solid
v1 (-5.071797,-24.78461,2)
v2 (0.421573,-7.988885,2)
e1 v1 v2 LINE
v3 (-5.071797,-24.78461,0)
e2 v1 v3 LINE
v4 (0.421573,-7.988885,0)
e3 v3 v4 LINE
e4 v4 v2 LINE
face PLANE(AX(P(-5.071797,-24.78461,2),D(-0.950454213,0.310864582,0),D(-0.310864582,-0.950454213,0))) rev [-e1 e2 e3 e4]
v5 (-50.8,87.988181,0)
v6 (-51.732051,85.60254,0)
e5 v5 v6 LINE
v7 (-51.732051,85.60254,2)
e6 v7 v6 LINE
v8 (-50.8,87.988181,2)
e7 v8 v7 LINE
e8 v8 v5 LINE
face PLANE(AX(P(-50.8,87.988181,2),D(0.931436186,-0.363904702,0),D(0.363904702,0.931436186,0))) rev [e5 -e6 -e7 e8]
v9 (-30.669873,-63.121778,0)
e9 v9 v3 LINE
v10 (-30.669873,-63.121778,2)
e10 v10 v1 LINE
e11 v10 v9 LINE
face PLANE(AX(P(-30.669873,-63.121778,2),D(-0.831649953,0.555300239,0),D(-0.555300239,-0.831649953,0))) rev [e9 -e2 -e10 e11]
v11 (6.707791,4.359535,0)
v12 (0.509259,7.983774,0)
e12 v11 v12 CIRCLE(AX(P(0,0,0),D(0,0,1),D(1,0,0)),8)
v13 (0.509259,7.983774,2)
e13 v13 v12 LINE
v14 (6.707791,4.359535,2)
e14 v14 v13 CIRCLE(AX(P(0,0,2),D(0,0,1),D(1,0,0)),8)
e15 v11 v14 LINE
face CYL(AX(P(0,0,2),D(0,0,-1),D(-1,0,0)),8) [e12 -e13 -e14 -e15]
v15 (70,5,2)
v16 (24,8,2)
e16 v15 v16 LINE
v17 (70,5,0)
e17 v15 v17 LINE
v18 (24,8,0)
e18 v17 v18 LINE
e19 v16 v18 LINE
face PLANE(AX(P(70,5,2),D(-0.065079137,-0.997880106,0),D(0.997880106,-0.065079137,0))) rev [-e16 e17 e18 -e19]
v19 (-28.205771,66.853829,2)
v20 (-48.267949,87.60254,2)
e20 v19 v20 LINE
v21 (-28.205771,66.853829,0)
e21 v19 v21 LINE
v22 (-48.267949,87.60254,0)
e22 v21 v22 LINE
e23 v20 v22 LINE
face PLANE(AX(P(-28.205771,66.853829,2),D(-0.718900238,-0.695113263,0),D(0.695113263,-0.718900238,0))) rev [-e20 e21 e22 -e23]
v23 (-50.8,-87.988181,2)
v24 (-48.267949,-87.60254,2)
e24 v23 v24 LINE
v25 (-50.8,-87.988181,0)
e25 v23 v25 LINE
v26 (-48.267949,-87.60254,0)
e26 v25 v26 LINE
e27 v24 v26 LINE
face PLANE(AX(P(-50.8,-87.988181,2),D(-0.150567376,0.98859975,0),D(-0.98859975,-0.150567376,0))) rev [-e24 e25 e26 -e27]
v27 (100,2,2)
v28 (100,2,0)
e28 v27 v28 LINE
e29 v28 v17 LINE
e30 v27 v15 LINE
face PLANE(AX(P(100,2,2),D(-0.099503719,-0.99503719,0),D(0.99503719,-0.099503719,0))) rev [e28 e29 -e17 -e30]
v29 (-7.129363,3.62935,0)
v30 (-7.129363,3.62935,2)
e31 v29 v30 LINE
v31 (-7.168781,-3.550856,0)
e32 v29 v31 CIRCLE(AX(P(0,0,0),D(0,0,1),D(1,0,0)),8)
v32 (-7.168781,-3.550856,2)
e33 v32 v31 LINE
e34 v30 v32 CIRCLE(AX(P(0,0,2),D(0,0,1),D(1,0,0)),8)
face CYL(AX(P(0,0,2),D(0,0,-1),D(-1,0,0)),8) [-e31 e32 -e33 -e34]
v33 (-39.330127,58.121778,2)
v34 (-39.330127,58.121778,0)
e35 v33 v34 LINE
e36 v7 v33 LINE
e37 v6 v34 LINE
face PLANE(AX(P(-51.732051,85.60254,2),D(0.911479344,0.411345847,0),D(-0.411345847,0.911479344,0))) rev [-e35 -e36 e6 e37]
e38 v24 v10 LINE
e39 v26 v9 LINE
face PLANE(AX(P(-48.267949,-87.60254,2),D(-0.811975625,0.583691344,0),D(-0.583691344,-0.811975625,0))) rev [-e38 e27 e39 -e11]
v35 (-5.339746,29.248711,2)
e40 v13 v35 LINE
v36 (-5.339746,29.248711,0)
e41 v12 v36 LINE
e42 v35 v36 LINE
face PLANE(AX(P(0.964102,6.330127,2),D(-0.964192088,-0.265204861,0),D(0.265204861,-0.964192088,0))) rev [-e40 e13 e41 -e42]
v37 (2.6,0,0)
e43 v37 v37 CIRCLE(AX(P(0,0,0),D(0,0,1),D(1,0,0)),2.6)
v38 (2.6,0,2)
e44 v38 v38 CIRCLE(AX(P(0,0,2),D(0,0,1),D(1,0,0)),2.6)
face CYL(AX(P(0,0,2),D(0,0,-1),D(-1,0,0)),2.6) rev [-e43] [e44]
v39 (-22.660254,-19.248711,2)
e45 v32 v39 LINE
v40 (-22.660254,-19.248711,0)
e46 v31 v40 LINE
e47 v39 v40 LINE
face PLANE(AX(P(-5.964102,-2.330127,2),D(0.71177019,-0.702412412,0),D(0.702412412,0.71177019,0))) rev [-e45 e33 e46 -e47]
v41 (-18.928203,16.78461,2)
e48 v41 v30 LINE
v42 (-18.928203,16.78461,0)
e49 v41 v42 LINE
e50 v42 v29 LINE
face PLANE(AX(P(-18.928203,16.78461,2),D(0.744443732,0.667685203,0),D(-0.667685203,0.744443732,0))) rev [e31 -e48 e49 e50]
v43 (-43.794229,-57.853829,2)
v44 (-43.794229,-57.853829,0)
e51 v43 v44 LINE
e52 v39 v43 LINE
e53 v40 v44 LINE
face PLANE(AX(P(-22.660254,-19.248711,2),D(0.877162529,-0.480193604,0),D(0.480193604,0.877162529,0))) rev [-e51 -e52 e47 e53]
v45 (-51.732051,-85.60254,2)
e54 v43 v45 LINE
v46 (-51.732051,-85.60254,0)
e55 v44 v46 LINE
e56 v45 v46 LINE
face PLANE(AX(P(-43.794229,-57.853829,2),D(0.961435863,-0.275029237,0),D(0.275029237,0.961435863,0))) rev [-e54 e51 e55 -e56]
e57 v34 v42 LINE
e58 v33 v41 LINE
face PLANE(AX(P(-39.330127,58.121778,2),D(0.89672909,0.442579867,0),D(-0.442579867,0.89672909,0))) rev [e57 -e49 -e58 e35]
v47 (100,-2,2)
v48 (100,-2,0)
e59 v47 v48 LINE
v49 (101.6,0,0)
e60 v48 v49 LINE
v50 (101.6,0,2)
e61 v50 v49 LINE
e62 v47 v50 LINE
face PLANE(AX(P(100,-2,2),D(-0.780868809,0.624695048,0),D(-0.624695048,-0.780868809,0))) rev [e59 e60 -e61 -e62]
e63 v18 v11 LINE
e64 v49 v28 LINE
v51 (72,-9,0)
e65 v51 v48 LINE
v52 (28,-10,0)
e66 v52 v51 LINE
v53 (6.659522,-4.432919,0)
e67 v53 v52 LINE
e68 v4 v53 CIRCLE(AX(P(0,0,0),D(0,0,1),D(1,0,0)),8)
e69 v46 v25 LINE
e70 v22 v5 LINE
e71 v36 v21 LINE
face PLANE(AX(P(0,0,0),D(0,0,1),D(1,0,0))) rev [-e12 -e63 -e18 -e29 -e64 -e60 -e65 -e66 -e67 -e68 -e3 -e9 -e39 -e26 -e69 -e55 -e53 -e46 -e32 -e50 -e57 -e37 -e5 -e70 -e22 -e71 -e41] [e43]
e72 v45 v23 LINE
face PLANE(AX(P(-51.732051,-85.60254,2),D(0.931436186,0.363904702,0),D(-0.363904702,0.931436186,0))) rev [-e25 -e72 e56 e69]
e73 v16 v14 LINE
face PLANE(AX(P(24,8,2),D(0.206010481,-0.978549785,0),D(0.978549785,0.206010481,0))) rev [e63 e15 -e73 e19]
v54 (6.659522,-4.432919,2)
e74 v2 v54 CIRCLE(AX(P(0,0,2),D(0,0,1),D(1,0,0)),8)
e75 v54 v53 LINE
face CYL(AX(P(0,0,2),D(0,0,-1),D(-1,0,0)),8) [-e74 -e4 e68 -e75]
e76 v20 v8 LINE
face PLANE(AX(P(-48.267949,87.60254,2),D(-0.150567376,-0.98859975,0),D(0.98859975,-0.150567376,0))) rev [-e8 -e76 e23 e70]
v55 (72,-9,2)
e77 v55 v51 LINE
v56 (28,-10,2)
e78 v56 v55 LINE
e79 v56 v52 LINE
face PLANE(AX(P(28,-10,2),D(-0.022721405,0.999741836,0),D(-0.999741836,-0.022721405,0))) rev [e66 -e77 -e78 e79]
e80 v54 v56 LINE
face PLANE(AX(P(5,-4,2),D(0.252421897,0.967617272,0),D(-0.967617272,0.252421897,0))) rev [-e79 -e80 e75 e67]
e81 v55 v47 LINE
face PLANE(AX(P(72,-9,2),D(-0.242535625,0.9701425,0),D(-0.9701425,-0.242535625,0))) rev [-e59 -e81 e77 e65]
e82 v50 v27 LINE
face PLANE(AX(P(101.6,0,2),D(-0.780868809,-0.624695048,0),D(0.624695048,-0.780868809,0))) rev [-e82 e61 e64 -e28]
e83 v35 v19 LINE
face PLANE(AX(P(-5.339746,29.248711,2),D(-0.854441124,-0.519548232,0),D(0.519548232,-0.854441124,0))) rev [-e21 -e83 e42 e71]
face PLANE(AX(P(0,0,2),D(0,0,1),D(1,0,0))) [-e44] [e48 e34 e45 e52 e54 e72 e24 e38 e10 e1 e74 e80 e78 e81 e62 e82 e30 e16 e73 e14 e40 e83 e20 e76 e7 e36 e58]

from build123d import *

# Parameters (mm, degrees)
SKETCH_1_R          = 8
SKETCH_1_R_2        = 2.6
EXTRUDE_215_DEPTH   = 2
EXTRUDE_8_120_DEPTH = 2


with BuildPart() as part:
    # 草图1 → Extrude 215 (new body)
    with BuildSketch(Plane.XY):
        Circle(SKETCH_1_R)
        Circle(SKETCH_1_R_2, mode=Mode.SUBTRACT)
    extrude(amount=EXTRUDE_215_DEPTH)

    # 草图2 → 8寸三叶桨轮廓_120度均布 (add)
    with BuildSketch(Plane.XY):
        Polygon((5, -4), (28, -10), (72, -9), (100, -2), (101.6, 0), (100, 2), (70, 5), (24, 8), (5, 4), align=None)
        Polygon((0.964101615, 6.330127019), (-5.339745962, 29.248711306), (-28.205771366, 66.853829072), (-48.267949192, 87.602540378), (-50.8, 87.988181024), (-51.732050808, 85.602540378), (-39.330127019, 58.121778265), (-18.92820323, 16.784609691), (-5.964101615, 2.330127019), align=None)
        Polygon((-5.964101615, -2.330127019), (-22.660254038, -19.248711306), (-43.794228634, -57.853829072), (-51.732050808, -85.602540378), (-50.8, -87.988181024), (-48.267949192, -87.602540378), (-30.669872981, -63.121778265), (-5.07179677, -24.784609691), (0.964101615, -6.330127019), align=None)
    extrude(amount=EXTRUDE_8_120_DEPTH)


solid = part.part
